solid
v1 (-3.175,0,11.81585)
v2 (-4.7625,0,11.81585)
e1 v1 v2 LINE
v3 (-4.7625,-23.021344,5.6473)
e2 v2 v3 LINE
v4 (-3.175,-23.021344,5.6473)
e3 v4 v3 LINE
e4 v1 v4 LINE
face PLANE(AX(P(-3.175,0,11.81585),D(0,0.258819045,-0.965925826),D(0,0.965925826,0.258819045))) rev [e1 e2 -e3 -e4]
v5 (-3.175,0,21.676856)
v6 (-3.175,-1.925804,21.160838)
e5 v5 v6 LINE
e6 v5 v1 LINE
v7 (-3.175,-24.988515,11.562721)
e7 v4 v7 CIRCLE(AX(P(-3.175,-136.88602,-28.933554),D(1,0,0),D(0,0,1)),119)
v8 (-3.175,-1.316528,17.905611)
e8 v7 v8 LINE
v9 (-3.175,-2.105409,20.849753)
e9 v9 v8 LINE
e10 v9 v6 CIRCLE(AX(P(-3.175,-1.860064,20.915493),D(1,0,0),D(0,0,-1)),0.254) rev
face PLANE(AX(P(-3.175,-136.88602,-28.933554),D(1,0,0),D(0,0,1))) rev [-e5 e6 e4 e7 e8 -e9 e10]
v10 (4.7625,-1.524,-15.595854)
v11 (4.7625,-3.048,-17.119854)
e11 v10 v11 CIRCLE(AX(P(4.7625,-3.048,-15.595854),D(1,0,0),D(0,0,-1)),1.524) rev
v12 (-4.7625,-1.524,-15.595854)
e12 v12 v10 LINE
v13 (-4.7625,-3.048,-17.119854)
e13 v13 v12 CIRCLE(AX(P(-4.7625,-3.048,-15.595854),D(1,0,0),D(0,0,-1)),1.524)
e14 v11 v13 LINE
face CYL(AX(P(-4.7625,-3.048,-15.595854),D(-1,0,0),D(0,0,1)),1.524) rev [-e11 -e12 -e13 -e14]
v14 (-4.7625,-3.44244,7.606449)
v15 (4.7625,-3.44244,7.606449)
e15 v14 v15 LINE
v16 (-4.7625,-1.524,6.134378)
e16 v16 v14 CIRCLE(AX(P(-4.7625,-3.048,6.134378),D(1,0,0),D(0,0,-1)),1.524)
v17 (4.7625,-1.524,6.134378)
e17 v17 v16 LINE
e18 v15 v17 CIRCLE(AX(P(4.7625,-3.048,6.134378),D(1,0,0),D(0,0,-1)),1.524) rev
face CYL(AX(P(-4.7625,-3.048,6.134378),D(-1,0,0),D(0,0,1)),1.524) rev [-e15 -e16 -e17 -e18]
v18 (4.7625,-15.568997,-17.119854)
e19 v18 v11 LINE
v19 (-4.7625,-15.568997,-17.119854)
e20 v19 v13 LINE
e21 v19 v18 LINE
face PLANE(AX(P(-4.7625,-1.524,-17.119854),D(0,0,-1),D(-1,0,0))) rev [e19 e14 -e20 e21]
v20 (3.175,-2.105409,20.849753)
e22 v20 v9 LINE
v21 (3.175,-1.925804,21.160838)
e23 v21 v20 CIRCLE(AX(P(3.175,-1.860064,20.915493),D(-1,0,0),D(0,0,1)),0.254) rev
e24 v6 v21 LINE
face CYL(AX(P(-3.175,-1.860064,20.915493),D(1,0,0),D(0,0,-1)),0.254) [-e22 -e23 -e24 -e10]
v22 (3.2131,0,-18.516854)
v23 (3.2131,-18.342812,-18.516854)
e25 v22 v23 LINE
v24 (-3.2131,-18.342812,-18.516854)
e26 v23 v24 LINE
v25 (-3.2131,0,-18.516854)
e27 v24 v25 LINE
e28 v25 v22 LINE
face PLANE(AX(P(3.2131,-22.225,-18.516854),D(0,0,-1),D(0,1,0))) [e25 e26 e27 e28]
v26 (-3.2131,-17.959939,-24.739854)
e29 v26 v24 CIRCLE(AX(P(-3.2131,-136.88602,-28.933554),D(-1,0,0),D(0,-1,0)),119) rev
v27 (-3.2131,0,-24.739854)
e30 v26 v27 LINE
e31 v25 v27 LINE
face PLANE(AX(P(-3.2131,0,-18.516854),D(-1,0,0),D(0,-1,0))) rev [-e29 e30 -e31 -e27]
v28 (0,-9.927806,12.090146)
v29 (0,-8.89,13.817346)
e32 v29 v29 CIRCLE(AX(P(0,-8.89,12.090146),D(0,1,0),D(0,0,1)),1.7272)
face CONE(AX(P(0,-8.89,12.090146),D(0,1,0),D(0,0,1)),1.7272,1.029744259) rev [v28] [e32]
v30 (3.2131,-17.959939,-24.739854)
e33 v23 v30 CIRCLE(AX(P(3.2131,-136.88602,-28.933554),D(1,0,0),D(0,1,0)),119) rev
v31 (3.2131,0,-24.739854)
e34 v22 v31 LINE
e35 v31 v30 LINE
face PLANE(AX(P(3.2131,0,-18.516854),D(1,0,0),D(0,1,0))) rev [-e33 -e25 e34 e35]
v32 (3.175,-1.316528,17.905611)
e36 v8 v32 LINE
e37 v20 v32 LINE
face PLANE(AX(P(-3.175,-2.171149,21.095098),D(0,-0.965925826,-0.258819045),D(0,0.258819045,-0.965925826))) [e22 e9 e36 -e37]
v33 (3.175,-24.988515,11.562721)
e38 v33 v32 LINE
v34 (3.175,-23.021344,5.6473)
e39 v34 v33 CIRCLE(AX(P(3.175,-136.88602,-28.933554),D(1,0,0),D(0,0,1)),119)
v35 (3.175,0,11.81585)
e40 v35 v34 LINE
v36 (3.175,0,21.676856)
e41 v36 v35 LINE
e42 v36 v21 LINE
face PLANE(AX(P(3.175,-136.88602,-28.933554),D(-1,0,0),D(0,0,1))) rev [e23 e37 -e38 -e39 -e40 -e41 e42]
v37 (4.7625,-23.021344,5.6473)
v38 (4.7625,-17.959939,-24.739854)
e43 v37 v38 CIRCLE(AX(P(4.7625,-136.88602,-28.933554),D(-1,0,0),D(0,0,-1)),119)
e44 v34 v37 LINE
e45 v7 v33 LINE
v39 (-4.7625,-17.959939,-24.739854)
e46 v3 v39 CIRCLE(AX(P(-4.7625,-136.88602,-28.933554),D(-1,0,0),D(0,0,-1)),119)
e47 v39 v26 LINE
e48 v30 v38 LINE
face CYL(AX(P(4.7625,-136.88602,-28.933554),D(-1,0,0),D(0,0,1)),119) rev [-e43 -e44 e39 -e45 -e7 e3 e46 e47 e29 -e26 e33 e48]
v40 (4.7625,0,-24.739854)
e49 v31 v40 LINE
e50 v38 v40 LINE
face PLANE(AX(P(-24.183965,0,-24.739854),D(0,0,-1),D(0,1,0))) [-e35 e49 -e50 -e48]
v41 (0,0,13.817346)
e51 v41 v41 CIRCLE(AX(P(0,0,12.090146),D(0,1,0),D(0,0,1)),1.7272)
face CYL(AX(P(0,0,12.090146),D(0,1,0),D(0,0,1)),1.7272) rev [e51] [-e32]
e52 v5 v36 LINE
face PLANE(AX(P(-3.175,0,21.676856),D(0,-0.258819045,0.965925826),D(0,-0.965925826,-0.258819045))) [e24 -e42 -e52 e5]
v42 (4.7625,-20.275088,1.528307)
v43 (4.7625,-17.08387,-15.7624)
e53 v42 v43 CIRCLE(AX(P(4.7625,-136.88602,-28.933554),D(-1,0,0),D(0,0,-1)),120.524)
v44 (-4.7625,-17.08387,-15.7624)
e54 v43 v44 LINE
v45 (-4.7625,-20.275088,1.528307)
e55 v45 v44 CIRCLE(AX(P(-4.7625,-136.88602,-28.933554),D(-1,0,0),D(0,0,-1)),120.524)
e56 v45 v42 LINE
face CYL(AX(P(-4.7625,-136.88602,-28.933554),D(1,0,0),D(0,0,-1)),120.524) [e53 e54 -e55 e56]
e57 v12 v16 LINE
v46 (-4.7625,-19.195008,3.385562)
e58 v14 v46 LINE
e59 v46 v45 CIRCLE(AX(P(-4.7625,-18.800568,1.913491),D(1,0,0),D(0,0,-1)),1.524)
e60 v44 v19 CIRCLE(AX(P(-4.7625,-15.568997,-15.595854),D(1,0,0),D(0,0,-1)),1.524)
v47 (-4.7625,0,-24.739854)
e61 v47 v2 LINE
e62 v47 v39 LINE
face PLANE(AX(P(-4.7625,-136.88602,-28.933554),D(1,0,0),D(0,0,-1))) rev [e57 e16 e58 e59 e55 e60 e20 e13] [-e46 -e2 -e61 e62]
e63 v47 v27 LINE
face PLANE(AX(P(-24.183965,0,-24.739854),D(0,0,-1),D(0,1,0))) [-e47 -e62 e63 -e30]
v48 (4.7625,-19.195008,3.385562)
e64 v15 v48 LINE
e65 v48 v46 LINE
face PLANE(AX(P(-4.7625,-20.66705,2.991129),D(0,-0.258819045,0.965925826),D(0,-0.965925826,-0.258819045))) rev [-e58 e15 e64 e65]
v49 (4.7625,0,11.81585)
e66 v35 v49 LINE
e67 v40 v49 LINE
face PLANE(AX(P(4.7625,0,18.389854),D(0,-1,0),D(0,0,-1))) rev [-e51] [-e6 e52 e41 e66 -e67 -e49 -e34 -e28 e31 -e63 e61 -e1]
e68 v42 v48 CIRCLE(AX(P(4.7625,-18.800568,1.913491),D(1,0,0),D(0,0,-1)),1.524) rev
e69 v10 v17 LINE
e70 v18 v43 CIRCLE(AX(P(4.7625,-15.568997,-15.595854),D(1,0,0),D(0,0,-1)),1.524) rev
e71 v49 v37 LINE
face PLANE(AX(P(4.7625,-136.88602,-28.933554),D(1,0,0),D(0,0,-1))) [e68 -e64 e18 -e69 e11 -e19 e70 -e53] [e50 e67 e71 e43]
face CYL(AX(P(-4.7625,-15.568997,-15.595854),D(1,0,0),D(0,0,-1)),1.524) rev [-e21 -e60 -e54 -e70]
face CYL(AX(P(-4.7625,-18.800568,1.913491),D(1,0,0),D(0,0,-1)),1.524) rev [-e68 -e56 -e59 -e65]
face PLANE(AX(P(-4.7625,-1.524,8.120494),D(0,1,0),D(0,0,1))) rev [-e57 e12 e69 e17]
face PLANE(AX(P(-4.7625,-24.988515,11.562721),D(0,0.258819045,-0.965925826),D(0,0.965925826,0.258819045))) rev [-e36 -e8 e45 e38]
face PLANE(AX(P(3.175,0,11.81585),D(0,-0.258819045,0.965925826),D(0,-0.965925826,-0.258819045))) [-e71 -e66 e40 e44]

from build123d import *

# Parameters (mm, degrees)
BOSS_EXTRUDE1_DEPTH       = 4.7625
F_8_32_TAPPED_HOLE1_D     = 3.4544
F_8_32_TAPPED_HOLE1_DEPTH = 8.89
F_8_32_TAPPED_HOLE1_TIP   = 1.037806461
BOSS_EXTRUDE2_DEPTH       = 9.525
SKETCH5_W                 = 6.4262
SKETCH5_H                 = 22.225
CUT_EXTRUDE1_DEPTH        = 6.223
CUT_EXTRUDE2_DEPTH        = 1.5875
CUT_EXTRUDE4_DEPTH        = 5.7625
CUT_EXTRUDE4_DEPTH_BACK   = 5.7625
FILLET1_R                 = 1.524
BOSS_EXTRUDE3_DEPTH       = 6.35
FILLET2_R                 = 0.254
CUT_EXTRUDE5_DEPTH        = 8.9375


with BuildPart() as part:
    # Sketch1 → Boss-Extrude1 (new body, symmetric)
    with BuildSketch(Plane(origin=(0, 0, 0), x_dir=(0, 0, -1), z_dir=(1, 0, 0))):
        with BuildLine():
            Line((-18.389854, 0), (18.389854, 0))
            Line((18.389854, 0), (18.389854, -18.35404))
            ThreePointArc((18.389854, -18.35404), (3.13664885, -20.715801882), (-11.682560966, -25.031958383))
            Line((-11.682560966, -25.031958383), (-18.389854, 0))
        make_face()
    extrude(amount=BOSS_EXTRUDE1_DEPTH, both=True)

    # #8-32 Tapped Hole1
    with Locations(Plane(origin=(0, 0, 0), x_dir=(-1, 0, 0), z_dir=(0, 1, 0))):
        with Locations((0, 12.090146)):
            Hole(F_8_32_TAPPED_HOLE1_D / 2, depth=F_8_32_TAPPED_HOLE1_DEPTH)
            with Locations((0, 0, -(F_8_32_TAPPED_HOLE1_DEPTH + F_8_32_TAPPED_HOLE1_TIP / 2))):  # 118° drill point
                Cone(0, F_8_32_TAPPED_HOLE1_D / 2, F_8_32_TAPPED_HOLE1_TIP, mode=Mode.SUBTRACT)

    # Sketch4 → Boss-Extrude2 (add)
    with BuildSketch(Plane(origin=(4.7625, 0, 0), x_dir=(0, 0, -1), z_dir=(1, 0, 0))):
        with BuildLine():
            Line((18.389854, 0), (24.739854, 0))
            Line((24.739854, 0), (24.739854, -17.95993887))
            ThreePointArc((24.739854, -17.95993887), (21.562219751, -18.114544788), (18.389854, -18.35404))
            Line((18.389854, -18.35404), (18.389854, 0))
        make_face()
    extrude(amount=-BOSS_EXTRUDE2_DEPTH)

    # Sketch5 → Cut-Extrude1 (cut)
    with BuildSketch(Plane(origin=(0, 0, -24.739854), x_dir=(-1, 0, 0), z_dir=(0, 0, -1))):
        with Locations((0, -11.1125)):
            Rectangle(SKETCH5_W, SKETCH5_H)
    extrude(amount=-CUT_EXTRUDE1_DEPTH, mode=Mode.SUBTRACT)

    # Sketch6 → Cut-Extrude2 (cut)
    with BuildSketch(Plane(origin=(4.7625, -3.455581552, 12.676714301), x_dir=(0, -0.262996683, 0.964796738), z_dir=(-1, 0, 0))):
        with BuildLine():
            Line((4.603212059, 4.836470596), (-1.739365308, 3.107529419))
            Line((-1.739365308, 3.107529419), (-1.636225637, -20.725696455))
            ThreePointArc((-1.636225637, -20.725696455), (1.5419234, -20.859537189), (4.715359636, -21.078277005))
            Line((4.715359636, -21.078277005), (4.603212059, 4.836470596))
        make_face()
    cut_extrude2 = extrude(amount=CUT_EXTRUDE2_DEPTH, mode=Mode.SUBTRACT)

    # Mirror1: Cut-Extrude2 across plane
    add(cut_extrude2.mirror(Plane(origin=(0, 0, 0), x_dir=(0, 0, 1), z_dir=(1, 0, 0))), mode=Mode.SUBTRACT)

    # Sketch8 → Cut-Extrude4 (cut, two sides)
    with BuildSketch(Plane(origin=(0, 0, 0), x_dir=(0, 0, -1), z_dir=(1, 0, 0))) as cut_extrude4_sk:
        with BuildLine():
            Line((-8.120493812, -1.524), (17.119854, -1.524))
            Line((17.119854, -1.524), (17.119854, -16.942404249))
            ThreePointArc((17.119854, -16.942404249), (6.985210432, -18.377350774), (-2.991129125, -20.667049623))
            Line((-2.991129125, -20.667049623), (-8.120493812, -1.524))
        make_face()
    extrude(amount=CUT_EXTRUDE4_DEPTH, mode=Mode.SUBTRACT)
    extrude(cut_extrude4_sk.sketch, amount=-CUT_EXTRUDE4_DEPTH_BACK, mode=Mode.SUBTRACT)

    # Fillet1
    fillet1_edges = [part.edges().sort_by_distance(p)[0] for p in [
        (0, -20.667049623, 2.991129125),
        (0, -1.524, 8.120493812),
        (0, -1.524, -17.119854),
        (0, -16.942404249, -17.119854),
    ]]
    fillet(fillet1_edges, radius=FILLET1_R)

    # Sketch9 → Boss-Extrude3 (add)
    with BuildSketch(Plane(origin=(3.175, 0, 0), x_dir=(0, 0, -1), z_dir=(1, 0, 0))):
        Polygon((-18.389854, 0), (-21.676855873, 0), (-21.095098292, -2.171148848), (-18.028283794, -1.349398379), align=None)
    extrude(amount=-BOSS_EXTRUDE3_DEPTH)

    # Fillet2
    fillet2_edges = [part.edges().sort_by_distance(p)[0] for p in [
        (0, -2.171148848, 21.095098292),
    ]]
    fillet(fillet2_edges, radius=FILLET2_R)

    # Sketch13 → Cut-Extrude5 (cut, through all)
    with BuildSketch(Plane(origin=(3.175, 0, 0), x_dir=(0, 0, -1), z_dir=(1, 0, 0))):
        with BuildLine():
            Line((-17.905611214, -1.316528361), (-18.028283794, -1.349398379))
            Line((-18.028283794, -1.349398379), (-11.682560966, -25.031958383))
            ThreePointArc((-11.682560966, -25.031958383), (-11.622647023, -25.010220768), (-11.562721445, -24.988515246))
            Line((-11.562721445, -24.988515246), (-17.905611214, -1.316528361))
        make_face()
    extrude(amount=-CUT_EXTRUDE5_DEPTH, mode=Mode.SUBTRACT)


solid = part.part
